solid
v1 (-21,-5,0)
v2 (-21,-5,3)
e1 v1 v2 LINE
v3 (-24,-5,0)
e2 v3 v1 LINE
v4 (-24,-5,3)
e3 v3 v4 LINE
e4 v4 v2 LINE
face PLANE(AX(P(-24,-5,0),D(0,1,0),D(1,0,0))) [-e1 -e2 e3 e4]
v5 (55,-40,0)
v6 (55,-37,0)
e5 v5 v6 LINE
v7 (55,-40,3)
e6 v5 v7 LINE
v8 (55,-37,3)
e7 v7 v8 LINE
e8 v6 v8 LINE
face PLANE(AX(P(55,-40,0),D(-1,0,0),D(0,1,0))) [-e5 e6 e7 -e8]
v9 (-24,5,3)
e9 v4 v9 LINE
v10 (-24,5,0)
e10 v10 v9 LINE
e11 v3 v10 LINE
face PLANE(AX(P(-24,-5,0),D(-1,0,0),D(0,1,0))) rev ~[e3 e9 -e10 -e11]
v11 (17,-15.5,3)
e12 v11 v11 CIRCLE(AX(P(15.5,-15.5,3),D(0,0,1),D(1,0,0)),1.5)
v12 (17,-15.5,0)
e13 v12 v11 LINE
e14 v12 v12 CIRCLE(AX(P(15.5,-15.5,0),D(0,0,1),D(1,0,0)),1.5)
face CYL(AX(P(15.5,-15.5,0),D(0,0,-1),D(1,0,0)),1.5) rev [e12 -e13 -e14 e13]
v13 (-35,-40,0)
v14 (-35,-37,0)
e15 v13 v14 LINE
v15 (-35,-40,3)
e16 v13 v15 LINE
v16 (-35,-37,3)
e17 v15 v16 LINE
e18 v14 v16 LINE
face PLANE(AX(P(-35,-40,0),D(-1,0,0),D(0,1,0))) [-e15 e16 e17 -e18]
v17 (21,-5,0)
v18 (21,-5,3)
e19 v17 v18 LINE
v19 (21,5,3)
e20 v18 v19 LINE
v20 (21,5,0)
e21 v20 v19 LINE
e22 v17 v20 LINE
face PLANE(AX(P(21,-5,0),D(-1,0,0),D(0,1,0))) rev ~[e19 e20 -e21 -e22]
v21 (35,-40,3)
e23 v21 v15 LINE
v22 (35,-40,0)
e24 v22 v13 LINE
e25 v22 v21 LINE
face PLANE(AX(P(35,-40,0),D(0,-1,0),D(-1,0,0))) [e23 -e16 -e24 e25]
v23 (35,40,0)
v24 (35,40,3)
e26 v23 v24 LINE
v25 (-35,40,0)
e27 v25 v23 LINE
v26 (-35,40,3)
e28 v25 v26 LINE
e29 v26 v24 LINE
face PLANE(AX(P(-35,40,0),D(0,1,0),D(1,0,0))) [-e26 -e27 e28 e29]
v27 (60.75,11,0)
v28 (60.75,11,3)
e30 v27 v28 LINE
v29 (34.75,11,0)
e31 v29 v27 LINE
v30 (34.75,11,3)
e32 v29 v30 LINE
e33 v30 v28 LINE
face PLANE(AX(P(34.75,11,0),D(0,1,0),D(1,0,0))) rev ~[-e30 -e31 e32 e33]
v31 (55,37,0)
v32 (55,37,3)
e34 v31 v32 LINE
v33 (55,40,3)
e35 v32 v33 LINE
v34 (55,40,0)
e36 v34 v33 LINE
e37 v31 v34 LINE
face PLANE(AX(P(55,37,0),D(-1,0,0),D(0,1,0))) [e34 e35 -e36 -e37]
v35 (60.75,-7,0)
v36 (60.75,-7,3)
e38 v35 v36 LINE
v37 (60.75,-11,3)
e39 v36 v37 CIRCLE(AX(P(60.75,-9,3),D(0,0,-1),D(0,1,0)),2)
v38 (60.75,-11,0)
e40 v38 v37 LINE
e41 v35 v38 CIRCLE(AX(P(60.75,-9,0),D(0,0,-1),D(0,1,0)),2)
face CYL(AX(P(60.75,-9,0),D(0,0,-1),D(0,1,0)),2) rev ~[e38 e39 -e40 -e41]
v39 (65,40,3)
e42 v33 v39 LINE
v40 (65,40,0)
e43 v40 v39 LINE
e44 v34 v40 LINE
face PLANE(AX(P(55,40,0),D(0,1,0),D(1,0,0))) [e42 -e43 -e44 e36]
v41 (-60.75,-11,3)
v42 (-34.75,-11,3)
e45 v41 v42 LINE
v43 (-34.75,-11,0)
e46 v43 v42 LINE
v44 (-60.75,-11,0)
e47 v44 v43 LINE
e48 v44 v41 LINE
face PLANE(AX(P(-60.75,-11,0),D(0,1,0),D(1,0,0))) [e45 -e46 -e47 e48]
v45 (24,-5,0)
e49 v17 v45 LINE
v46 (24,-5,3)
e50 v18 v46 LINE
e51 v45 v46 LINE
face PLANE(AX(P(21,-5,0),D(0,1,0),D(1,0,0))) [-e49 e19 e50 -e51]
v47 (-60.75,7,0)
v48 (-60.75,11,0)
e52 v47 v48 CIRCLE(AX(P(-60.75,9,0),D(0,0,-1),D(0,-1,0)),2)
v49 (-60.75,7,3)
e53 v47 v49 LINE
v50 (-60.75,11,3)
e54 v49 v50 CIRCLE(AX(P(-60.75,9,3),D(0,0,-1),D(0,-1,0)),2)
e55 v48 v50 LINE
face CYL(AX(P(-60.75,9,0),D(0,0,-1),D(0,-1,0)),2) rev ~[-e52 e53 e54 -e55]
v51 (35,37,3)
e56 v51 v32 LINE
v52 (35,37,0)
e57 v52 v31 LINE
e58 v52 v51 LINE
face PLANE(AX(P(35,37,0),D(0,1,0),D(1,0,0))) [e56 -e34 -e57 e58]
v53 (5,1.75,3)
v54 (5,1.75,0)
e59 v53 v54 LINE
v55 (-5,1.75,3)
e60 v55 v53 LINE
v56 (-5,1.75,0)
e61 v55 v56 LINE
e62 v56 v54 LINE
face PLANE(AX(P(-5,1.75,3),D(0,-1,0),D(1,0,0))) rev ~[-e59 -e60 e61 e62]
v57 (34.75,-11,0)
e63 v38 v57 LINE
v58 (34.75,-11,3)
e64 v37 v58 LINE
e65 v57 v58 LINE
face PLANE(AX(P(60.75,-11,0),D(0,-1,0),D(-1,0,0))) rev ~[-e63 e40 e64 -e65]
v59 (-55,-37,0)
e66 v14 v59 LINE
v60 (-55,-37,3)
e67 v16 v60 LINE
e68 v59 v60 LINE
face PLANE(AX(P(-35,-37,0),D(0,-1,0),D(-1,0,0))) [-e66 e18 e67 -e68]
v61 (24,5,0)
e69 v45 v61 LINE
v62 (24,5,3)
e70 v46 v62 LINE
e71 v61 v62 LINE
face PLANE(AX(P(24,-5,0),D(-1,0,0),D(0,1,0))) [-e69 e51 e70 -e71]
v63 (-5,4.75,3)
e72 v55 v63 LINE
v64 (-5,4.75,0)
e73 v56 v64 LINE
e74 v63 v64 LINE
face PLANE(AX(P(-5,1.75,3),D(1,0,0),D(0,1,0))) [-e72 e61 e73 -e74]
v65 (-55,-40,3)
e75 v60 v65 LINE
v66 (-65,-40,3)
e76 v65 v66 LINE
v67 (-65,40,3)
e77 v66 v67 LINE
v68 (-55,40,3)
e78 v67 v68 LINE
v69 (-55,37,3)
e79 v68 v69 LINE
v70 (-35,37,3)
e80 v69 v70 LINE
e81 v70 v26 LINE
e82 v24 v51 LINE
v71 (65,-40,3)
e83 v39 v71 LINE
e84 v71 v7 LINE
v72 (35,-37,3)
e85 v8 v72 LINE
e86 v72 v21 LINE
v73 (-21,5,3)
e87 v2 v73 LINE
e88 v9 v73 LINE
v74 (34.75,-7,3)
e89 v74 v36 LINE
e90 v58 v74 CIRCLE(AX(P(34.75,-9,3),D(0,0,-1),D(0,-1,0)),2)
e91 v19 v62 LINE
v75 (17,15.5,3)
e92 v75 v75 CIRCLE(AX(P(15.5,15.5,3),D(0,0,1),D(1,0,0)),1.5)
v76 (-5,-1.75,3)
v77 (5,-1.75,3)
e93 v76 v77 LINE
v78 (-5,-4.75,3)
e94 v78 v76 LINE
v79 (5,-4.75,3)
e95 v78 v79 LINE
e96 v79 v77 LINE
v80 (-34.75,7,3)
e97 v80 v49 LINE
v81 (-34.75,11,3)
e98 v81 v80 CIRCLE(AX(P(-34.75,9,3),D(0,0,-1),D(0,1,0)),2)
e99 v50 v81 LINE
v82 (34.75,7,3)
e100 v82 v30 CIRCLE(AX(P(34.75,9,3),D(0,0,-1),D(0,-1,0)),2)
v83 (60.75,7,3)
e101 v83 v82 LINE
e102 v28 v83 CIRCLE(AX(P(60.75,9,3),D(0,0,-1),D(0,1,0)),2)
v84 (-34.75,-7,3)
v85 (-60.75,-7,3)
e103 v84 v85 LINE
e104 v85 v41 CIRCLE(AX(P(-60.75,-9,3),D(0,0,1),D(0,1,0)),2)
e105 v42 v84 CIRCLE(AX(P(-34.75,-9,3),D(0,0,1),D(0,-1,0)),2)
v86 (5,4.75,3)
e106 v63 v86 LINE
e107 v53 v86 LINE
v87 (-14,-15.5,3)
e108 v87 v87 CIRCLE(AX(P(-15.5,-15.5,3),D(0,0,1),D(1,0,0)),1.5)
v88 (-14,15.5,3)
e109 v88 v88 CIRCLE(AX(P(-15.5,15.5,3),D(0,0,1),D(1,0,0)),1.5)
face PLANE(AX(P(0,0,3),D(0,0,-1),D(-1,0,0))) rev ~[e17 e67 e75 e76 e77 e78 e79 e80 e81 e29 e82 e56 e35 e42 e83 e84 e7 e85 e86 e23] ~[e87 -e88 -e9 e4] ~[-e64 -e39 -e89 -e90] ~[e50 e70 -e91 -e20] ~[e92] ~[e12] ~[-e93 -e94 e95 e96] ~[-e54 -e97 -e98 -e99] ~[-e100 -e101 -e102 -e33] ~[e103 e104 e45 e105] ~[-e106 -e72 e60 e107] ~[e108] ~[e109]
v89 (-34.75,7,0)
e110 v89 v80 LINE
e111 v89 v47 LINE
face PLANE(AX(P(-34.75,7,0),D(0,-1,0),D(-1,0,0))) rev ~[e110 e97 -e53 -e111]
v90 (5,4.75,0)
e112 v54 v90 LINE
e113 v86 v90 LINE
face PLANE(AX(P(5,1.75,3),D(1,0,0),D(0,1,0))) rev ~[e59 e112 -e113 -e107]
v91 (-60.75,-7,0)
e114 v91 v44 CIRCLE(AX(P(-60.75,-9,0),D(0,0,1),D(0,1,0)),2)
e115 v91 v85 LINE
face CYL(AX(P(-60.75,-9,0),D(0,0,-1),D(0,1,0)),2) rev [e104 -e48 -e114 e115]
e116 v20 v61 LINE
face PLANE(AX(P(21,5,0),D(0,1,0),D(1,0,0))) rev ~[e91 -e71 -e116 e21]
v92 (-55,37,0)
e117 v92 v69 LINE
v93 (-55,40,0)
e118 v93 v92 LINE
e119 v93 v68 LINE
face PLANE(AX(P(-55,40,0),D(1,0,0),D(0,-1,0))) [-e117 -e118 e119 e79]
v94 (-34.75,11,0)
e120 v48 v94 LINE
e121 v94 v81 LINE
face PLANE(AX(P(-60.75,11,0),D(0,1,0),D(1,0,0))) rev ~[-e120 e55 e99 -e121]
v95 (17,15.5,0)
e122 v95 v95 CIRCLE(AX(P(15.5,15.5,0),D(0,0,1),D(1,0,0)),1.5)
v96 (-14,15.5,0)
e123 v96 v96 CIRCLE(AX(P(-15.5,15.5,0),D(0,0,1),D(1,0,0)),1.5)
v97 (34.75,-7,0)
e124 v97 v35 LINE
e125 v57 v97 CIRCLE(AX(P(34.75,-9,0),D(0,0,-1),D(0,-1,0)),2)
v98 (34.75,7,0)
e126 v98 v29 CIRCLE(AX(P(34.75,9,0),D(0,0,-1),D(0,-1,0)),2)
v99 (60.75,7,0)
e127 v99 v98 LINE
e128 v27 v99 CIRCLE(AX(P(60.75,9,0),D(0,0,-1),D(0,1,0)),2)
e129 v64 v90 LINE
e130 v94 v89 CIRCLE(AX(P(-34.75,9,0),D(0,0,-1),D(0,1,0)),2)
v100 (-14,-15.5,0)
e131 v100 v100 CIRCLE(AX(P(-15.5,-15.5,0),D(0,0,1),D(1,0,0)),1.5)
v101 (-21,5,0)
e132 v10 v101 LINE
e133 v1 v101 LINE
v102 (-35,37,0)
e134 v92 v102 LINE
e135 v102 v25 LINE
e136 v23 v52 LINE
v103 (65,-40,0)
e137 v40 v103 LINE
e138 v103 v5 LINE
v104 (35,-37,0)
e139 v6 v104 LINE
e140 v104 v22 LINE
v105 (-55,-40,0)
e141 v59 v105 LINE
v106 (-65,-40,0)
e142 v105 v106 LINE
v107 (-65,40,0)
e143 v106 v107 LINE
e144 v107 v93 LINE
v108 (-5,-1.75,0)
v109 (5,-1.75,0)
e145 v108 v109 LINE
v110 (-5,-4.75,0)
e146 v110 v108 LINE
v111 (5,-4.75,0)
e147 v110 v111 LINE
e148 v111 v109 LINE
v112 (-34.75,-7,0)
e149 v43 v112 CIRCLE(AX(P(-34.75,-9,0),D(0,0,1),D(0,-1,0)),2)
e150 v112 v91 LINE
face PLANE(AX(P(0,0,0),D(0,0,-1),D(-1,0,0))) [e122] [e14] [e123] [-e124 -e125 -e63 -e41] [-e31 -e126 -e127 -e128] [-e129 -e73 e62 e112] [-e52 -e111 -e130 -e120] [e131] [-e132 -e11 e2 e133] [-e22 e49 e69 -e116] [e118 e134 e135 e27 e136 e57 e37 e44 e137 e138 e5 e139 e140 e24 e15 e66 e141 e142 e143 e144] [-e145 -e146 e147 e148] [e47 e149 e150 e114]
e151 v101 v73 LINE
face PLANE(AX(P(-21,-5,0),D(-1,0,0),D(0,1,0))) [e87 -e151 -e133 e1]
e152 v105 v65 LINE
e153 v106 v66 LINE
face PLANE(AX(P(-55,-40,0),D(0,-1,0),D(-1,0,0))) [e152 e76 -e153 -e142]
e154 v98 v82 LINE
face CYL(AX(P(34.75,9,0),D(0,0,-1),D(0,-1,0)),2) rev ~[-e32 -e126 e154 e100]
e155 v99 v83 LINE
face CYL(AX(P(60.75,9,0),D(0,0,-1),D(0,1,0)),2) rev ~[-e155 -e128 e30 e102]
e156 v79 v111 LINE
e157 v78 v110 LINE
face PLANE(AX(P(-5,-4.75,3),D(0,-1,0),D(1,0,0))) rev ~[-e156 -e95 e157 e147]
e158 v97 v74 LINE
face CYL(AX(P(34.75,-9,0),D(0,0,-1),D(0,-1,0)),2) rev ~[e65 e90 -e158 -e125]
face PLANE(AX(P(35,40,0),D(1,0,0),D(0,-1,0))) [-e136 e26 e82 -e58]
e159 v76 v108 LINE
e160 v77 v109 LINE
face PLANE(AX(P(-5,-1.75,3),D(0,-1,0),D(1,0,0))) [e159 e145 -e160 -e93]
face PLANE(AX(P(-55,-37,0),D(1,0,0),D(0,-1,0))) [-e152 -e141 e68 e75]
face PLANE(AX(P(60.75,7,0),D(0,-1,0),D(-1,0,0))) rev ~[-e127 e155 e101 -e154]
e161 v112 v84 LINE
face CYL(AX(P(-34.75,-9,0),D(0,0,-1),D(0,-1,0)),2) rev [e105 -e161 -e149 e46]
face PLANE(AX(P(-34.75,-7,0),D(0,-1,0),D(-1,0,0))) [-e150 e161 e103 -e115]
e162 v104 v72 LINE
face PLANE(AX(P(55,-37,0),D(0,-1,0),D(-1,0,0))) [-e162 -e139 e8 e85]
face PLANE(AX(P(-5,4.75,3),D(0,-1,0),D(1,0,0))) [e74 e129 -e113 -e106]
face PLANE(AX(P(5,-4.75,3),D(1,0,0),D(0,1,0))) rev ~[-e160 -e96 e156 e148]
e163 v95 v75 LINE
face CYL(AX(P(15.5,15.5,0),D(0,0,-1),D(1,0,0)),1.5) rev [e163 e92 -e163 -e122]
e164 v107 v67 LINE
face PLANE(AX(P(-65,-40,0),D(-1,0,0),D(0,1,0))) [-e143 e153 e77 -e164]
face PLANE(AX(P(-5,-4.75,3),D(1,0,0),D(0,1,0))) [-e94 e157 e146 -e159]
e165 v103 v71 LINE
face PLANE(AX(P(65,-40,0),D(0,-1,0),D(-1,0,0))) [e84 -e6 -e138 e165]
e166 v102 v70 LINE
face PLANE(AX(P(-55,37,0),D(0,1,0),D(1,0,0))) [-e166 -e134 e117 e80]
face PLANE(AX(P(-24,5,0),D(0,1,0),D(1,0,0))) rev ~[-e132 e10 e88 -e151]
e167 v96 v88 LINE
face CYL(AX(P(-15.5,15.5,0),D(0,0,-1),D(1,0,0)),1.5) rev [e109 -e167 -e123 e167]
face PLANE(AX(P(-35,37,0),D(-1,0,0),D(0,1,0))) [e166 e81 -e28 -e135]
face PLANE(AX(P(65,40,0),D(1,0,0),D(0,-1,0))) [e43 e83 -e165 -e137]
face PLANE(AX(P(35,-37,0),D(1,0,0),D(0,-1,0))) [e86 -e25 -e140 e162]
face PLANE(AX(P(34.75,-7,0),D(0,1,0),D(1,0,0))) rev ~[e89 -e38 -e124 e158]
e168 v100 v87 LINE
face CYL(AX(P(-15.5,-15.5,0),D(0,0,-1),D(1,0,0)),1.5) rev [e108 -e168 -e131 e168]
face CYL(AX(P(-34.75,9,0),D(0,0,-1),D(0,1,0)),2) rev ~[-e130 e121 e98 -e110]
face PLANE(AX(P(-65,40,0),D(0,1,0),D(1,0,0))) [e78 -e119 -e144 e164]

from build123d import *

# Parameters (mm, degrees)
SKETCH1_R           = 1.5
SKETCH1_W           = 3
SKETCH1_H           = 10
BOSS_EXTRUDE1_DEPTH = 3
SKETCH2_W           = 10
SKETCH2_H           = 3
CUT_EXTRUDE2_DEPTH  = 3


with BuildPart() as part:
    # Sketch1 → Boss-Extrude1 (new body)
    with BuildSketch(Plane.XY):
        Polygon((-55, 40), (-55, 37), (-35, 37), (-35, 40), (35, 40), (35, 37), (55, 37), (55, 40), (65, 40), (65, -40), (55, -40), (55, -37), (35, -37), (35, -40), (-35, -40), (-35, -37), (-55, -37), (-55, -40), (-65, -40), (-65, 40), align=None)
        with Locations((15.5, 15.5)):
            Circle(SKETCH1_R, mode=Mode.SUBTRACT)
        with Locations((-15.5, 15.5)):
            Circle(SKETCH1_R, mode=Mode.SUBTRACT)
        with Locations((15.5, -15.5)):
            Circle(SKETCH1_R, mode=Mode.SUBTRACT)
        with Locations((-15.5, -15.5)):
            Circle(SKETCH1_R, mode=Mode.SUBTRACT)
        with Locations((22.5, 0)):
            Rectangle(SKETCH1_W, SKETCH1_H, mode=Mode.SUBTRACT)
        with Locations((-22.5, 0)):
            Rectangle(SKETCH1_W, SKETCH1_H, mode=Mode.SUBTRACT)
        with BuildLine():
            Line((-60.75, 11), (-34.75, 11))
            ThreePointArc((-34.75, 11), (-32.75, 9), (-34.75, 7))
            Line((-34.75, 7), (-60.75, 7))
            ThreePointArc((-60.75, 7), (-62.75, 9), (-60.75, 11))
        make_face(mode=Mode.SUBTRACT)
        with BuildLine():
            Line((-34.75, -7), (-60.75, -7))
            ThreePointArc((-60.75, -7), (-62.75, -9), (-60.75, -11))
            Line((-60.75, -11), (-34.75, -11))
            ThreePointArc((-34.75, -11), (-32.75, -9), (-34.75, -7))
        make_face(mode=Mode.SUBTRACT)
        with BuildLine():
            Line((34.75, 11), (60.75, 11))
            ThreePointArc((60.75, 11), (62.75, 9), (60.75, 7))
            Line((60.75, 7), (34.75, 7))
            ThreePointArc((34.75, 7), (32.75, 9), (34.75, 11))
        make_face(mode=Mode.SUBTRACT)
        with BuildLine():
            Line((34.75, -7), (60.75, -7))
            ThreePointArc((60.75, -7), (62.75, -9), (60.75, -11))
            Line((60.75, -11), (34.75, -11))
            ThreePointArc((34.75, -11), (32.75, -9), (34.75, -7))
        make_face(mode=Mode.SUBTRACT)
    extrude(amount=BOSS_EXTRUDE1_DEPTH)

    # Sketch2 → Cut-Extrude2 (cut)
    with BuildSketch(Plane.XY.offset(3)):
        with Locations((0, 3.25)):
            Rectangle(SKETCH2_W, SKETCH2_H)
        with Locations((0, -3.25)):
            Rectangle(SKETCH2_W, SKETCH2_H)
    extrude(amount=-CUT_EXTRUDE2_DEPTH, mode=Mode.SUBTRACT)


solid = part.part
